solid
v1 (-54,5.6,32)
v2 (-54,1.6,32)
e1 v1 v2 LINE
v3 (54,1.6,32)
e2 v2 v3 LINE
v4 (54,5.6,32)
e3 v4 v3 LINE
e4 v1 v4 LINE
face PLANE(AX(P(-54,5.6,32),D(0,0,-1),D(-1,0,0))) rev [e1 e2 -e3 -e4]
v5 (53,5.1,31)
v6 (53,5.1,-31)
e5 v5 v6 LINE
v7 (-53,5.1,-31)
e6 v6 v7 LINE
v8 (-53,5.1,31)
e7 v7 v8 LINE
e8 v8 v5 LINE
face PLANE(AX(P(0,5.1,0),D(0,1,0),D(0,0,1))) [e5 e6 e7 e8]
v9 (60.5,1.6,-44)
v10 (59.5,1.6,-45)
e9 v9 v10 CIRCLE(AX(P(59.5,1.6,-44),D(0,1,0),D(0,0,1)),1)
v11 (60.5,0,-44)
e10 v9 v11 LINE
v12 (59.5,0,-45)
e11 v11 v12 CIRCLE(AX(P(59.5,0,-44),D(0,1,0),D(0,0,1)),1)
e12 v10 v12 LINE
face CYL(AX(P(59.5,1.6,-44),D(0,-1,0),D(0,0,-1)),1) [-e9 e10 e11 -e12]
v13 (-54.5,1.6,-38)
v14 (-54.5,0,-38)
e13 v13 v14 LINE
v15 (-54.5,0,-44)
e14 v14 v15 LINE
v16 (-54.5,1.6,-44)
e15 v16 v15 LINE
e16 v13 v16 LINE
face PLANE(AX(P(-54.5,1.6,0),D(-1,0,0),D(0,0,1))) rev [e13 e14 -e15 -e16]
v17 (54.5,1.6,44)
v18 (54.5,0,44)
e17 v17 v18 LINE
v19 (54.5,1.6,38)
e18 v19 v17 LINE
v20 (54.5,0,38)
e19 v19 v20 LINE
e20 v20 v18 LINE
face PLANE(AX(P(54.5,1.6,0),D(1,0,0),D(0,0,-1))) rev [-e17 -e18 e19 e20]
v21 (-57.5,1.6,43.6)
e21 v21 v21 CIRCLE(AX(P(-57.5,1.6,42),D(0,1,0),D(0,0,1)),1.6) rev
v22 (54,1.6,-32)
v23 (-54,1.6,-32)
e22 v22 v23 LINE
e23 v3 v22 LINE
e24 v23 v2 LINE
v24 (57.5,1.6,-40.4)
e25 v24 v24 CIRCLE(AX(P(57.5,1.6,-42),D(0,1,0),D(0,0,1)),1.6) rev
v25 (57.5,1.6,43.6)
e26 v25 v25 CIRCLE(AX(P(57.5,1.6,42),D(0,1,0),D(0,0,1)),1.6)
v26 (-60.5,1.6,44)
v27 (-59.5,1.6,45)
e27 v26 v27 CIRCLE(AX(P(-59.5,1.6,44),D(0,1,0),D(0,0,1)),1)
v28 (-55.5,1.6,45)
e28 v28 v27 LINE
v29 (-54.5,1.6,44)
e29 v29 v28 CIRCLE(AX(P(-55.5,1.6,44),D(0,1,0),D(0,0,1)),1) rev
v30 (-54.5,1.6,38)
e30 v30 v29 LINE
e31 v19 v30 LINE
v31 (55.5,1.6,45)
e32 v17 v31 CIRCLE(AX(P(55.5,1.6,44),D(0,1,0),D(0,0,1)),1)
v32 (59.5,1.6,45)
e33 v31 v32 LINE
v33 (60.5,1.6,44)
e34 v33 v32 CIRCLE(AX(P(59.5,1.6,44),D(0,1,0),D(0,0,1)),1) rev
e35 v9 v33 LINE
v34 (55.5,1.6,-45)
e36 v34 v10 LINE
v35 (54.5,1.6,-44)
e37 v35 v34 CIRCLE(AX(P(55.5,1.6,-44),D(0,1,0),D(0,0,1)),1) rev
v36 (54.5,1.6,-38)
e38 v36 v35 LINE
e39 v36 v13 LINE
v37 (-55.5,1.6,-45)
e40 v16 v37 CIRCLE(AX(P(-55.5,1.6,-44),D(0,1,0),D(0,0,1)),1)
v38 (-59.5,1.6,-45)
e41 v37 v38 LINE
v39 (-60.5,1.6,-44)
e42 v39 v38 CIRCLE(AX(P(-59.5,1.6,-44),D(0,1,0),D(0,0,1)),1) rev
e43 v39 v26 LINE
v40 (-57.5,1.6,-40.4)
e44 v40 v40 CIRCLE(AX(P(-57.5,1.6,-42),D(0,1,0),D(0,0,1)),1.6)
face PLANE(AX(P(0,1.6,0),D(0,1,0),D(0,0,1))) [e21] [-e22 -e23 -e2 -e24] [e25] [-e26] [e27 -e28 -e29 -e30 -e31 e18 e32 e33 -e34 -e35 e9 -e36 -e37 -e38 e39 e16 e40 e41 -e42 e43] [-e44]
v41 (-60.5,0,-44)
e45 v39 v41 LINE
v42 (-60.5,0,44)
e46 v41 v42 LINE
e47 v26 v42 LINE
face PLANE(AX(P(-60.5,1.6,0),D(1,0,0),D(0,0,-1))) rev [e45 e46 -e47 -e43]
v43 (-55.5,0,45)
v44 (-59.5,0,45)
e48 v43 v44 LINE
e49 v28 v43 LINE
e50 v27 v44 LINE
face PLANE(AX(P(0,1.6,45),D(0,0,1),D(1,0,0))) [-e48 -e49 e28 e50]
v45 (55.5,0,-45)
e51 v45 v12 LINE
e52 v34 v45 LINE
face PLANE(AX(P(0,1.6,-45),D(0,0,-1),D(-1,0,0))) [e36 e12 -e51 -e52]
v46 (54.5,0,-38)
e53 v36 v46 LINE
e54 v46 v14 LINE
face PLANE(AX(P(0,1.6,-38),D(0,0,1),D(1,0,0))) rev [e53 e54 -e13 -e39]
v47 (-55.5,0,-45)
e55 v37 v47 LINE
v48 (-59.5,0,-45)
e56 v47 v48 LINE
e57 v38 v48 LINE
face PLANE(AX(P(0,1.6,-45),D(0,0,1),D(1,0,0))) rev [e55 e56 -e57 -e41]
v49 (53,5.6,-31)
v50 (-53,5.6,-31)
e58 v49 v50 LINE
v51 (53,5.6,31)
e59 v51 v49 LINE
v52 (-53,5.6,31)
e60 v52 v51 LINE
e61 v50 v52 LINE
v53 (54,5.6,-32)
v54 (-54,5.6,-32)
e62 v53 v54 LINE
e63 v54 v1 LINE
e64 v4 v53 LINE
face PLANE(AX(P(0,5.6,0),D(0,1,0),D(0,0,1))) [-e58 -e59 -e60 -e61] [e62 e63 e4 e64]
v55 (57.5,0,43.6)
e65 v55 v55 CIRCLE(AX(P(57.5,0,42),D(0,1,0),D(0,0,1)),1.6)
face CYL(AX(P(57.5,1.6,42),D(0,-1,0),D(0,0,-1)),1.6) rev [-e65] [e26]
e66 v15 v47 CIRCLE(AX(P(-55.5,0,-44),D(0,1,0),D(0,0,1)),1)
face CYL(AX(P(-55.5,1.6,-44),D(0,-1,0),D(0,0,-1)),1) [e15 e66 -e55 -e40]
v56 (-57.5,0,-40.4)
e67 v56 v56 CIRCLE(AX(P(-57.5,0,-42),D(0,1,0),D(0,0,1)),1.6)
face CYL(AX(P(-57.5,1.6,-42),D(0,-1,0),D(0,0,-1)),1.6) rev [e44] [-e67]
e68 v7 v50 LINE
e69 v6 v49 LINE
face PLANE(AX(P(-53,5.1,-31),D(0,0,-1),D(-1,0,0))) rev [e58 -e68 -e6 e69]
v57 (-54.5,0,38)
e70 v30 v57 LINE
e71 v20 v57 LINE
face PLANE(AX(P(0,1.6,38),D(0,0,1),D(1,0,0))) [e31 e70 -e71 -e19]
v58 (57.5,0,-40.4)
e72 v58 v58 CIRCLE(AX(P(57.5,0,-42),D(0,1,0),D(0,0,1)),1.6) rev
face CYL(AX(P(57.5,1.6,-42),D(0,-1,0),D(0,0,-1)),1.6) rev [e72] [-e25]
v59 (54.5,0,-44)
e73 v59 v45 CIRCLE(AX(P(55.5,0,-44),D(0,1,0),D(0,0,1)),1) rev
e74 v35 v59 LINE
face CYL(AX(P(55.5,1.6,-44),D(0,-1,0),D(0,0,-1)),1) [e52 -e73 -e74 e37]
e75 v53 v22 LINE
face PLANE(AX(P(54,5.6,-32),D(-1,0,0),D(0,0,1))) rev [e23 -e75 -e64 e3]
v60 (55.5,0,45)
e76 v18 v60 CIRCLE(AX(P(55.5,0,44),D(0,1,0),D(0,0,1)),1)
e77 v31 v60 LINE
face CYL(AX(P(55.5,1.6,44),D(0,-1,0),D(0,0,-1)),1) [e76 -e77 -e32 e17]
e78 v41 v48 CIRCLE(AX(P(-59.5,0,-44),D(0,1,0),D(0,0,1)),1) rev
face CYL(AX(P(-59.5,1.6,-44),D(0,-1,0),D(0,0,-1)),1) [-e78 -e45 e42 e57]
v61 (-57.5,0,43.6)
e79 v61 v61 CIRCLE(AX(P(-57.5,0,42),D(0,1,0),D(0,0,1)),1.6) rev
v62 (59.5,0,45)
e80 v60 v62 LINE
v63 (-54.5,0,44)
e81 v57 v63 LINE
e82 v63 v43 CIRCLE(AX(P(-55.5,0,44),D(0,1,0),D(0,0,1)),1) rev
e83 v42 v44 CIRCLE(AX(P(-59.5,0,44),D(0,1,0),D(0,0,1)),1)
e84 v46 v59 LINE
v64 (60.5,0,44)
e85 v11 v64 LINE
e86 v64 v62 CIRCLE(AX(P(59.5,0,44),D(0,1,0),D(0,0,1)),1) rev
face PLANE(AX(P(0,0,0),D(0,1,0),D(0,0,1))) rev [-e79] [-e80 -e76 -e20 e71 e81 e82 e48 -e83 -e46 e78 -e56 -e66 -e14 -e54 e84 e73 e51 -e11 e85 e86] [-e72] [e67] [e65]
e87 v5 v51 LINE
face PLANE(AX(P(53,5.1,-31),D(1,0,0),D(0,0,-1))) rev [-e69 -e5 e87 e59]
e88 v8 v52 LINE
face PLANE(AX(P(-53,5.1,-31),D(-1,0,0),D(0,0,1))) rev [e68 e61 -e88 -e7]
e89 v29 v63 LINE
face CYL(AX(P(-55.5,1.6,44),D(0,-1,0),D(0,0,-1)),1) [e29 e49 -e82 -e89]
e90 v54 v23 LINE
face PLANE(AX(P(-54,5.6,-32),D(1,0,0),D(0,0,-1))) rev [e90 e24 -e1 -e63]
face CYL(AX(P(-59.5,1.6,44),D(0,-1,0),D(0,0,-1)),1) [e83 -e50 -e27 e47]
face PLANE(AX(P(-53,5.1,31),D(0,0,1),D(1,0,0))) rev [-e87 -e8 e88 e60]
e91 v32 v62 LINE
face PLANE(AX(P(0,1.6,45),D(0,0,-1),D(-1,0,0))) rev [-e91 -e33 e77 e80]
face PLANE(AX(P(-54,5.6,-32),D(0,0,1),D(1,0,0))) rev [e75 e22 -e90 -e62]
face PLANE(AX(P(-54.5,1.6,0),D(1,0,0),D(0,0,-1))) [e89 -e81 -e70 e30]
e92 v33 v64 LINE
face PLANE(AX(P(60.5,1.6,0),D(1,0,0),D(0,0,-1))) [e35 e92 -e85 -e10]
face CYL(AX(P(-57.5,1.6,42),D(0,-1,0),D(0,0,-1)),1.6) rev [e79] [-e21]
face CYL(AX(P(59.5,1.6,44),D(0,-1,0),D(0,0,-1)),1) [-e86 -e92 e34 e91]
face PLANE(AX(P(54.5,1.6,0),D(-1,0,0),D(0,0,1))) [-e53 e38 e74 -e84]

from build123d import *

# Parameters (mm, degrees)
SKETCH_1_R          = 1.6
EXTRUDE_1_DEPTH     = 1.6
SKETCH_2_W          = 108
SKETCH_2_H          = 64
EXTRUDE_2_DEPTH     = 4
SKETCH_3_W          = 106
SKETCH_3_H          = 62
CUT_EXTRUDE_1_DEPTH = 0.5


with BuildPart() as part:
    # 草图1 → 凸台-拉伸1 (new body)
    with BuildSketch(Plane(origin=(0, 0, 0), x_dir=(1, 0, 0), z_dir=(0, 1, 0))):
        with BuildLine():
            Line((54.5, 44), (54.5, 38))
            Line((54.5, 38), (-54.5, 38))
            Line((-54.5, 38), (-54.5, 44))
            ThreePointArc((-54.5, 44), (-54.792893219, 44.707106781), (-55.5, 45))
            Line((-55.5, 45), (-59.5, 45))
            ThreePointArc((-59.5, 45), (-60.207106781, 44.707106781), (-60.5, 44))
            Line((-60.5, 44), (-60.5, 38))
            Line((-60.5, 38), (-60.5, -38))
            Line((-60.5, -38), (-60.5, -44))
            ThreePointArc((-60.5, -44), (-60.207106781, -44.707106781), (-59.5, -45))
            Line((-59.5, -45), (-55.5, -45))
            ThreePointArc((-55.5, -45), (-54.792893219, -44.707106781), (-54.5, -44))
            Line((-54.5, -44), (-54.5, -38))
            Line((-54.5, -38), (54.5, -38))
            Line((54.5, -38), (54.5, -44))
            ThreePointArc((54.5, -44), (54.792893219, -44.707106781), (55.5, -45))
            Line((55.5, -45), (59.5, -45))
            ThreePointArc((59.5, -45), (60.207106781, -44.707106781), (60.5, -44))
            Line((60.5, -44), (60.5, 38))
            Line((60.5, 38), (60.5, 44))
            ThreePointArc((60.5, 44), (60.207106781, 44.707106781), (59.5, 45))
            Line((59.5, 45), (55.5, 45))
            ThreePointArc((55.5, 45), (54.792893219, 44.707106781), (54.5, 44))
        make_face()
        with Locations(Location((-57.5, -42, 0), (0, 0, 270))):
            Circle(SKETCH_1_R, mode=Mode.SUBTRACT)
        with Locations(Location((57.5, -42, 0), (0, 0, 270))):
            Circle(SKETCH_1_R, mode=Mode.SUBTRACT)
        with Locations(Location((-57.5, 42, 0), (0, 0, 270))):
            Circle(SKETCH_1_R, mode=Mode.SUBTRACT)
        with Locations(Location((57.5, 42, 0), (0, 0, 270))):
            Circle(SKETCH_1_R, mode=Mode.SUBTRACT)
    extrude(amount=EXTRUDE_1_DEPTH)

    # 草图2 → 凸台-拉伸2 (add)
    with BuildSketch(Plane(origin=(0, 1.6, 0), x_dir=(1, 0, 0), z_dir=(0, 1, 0))):
        Rectangle(SKETCH_2_W, SKETCH_2_H)
    extrude(amount=EXTRUDE_2_DEPTH)

    # 草图3 → 切除-拉伸1 (cut)
    with BuildSketch(Plane(origin=(0, 5.6, 0), x_dir=(1, 0, 0), z_dir=(0, 1, 0))):
        Rectangle(SKETCH_3_W, SKETCH_3_H)
    extrude(amount=-CUT_EXTRUDE_1_DEPTH, mode=Mode.SUBTRACT)


solid = part.part
